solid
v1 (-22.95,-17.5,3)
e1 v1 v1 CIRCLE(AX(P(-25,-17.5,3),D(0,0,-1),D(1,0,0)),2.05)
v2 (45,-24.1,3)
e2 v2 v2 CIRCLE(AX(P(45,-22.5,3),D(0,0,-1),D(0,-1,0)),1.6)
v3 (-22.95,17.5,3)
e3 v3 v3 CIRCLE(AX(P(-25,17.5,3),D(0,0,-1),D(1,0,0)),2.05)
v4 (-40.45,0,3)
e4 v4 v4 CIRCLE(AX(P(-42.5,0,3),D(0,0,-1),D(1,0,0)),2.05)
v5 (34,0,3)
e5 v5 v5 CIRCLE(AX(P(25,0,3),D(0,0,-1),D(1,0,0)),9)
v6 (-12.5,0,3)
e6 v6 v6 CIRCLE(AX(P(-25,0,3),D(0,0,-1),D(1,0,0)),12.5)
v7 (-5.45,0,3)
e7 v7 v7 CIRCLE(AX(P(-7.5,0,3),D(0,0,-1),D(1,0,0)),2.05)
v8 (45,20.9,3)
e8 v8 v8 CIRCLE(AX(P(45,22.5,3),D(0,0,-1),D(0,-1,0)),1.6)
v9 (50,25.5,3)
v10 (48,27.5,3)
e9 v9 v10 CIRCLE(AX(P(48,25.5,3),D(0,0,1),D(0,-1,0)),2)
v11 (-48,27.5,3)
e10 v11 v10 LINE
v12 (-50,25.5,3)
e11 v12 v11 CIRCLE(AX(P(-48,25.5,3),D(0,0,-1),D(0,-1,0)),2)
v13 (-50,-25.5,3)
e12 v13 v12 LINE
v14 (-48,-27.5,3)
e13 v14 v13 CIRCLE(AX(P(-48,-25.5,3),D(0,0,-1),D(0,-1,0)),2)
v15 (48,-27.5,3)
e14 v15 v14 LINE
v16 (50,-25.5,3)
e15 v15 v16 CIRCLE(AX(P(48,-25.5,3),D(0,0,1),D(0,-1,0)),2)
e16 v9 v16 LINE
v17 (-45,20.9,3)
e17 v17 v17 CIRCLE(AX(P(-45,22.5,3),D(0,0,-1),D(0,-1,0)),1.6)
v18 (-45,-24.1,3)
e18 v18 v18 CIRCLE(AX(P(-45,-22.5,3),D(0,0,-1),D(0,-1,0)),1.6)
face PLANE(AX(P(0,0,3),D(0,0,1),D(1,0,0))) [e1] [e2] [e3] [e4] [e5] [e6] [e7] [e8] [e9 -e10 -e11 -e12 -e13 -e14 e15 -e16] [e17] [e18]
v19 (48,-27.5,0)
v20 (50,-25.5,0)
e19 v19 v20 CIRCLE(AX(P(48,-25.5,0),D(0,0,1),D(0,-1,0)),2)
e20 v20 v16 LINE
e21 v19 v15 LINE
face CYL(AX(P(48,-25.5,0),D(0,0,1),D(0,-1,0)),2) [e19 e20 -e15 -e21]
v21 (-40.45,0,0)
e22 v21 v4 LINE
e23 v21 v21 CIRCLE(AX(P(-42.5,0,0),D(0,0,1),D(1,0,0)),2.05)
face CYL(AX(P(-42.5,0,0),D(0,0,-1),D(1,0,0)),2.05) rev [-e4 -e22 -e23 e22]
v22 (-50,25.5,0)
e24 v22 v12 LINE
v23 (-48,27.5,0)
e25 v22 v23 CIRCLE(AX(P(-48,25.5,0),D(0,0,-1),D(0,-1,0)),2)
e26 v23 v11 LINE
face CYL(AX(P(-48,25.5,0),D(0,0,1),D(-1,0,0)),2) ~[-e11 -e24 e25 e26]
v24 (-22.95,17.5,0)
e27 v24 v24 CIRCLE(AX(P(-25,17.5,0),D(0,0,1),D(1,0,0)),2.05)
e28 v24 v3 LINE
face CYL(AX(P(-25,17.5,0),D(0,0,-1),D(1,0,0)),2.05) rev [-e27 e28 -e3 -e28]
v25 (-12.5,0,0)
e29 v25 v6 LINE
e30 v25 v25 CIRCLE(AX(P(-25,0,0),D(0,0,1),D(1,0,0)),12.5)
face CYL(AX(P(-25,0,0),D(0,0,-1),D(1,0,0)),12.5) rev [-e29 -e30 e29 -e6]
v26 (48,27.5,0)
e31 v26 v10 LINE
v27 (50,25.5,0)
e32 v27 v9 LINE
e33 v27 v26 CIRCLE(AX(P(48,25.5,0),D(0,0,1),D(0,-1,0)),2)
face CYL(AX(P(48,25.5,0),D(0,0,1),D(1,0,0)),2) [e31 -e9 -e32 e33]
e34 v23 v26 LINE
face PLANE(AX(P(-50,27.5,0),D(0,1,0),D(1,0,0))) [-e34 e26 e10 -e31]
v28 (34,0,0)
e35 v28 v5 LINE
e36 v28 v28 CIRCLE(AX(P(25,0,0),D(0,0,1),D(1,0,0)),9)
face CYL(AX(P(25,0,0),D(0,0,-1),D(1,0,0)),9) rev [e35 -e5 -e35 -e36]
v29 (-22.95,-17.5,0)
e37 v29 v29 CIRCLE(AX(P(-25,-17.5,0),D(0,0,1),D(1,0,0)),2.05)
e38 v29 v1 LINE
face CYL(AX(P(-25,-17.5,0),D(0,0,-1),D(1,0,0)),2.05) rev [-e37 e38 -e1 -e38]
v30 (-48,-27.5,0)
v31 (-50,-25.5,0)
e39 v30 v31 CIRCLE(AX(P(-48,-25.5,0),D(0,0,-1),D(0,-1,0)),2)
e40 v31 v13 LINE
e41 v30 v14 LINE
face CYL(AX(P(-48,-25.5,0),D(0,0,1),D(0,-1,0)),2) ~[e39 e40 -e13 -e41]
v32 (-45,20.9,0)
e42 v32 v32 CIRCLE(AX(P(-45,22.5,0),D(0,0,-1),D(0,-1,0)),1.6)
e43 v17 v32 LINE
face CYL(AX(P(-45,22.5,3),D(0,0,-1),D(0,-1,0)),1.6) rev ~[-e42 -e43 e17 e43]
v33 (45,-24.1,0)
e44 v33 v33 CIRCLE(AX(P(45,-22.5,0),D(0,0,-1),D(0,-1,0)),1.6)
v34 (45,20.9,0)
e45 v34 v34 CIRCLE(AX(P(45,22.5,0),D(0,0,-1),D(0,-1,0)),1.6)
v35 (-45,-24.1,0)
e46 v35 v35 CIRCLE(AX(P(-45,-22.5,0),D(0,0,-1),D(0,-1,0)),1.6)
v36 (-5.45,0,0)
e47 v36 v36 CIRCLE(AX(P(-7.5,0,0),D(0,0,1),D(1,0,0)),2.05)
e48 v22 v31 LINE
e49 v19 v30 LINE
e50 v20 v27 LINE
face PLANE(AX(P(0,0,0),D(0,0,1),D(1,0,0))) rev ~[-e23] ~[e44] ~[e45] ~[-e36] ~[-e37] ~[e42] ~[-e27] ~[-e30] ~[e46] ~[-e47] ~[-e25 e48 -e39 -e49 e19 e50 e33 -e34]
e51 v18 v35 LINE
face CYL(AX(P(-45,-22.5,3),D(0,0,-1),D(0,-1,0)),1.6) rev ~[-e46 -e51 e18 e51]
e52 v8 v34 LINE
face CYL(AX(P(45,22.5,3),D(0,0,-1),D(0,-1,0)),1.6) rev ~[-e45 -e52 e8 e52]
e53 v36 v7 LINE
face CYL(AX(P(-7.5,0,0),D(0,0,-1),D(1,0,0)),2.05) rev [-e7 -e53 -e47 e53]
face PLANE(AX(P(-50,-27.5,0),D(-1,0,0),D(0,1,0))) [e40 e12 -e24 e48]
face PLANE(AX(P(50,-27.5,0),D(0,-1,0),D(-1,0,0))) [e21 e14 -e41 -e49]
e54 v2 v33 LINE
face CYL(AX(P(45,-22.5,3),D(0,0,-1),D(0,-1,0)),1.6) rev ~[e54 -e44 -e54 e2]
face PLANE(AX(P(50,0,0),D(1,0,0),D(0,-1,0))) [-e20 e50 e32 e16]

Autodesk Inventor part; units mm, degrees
ref_plane "YZ Plane" through (0, 0, 0) normal (1, 0, 0) x (0, 1, 0)
ref_plane "XZ Plane" through (0, 0, 0) normal (0, 1, 0) x (-1, 0, 0)
ref_plane "XY Plane" through (0, 0, 0) normal (0, 0, 1) x (1, 0, 0)
sketch "スケッチ1" plane through (0, 0, 0) normal (0, 0, 1) x (1, 0, 0)
  line L0 (50, -27.5) -> (-50, -27.5)
  line L1 (-50, -27.5) -> (-50, 27.5)
  line L2 (-50, 27.5) -> (50, 27.5)
  line L3 (50, 27.5) -> (50, -27.5)
  line L4 (50, -27.5) -> (-50, 27.5) construction
  line L5 (-50, -27.5) -> (50, 27.5) construction
  circle A0 centre (0, 0) radius 25
  line L6 (-50, 0) -> (50, 0)
  circle A1 centre (25, 0) radius 9
  circle A2 centre (-25, 0) radius 12.5
  circle A3 centre (-25, 0) radius 17.5
  circle A4 centre (-25, 17.5) radius 2.05
  circle A5 centre (-42.5, 0) radius 2.05
  circle A6 centre (-25, -17.5) radius 2.05
  circle A7 centre (-7.5, 0) radius 2.05
  dimension "d5" = 35
  dimension "d0" = 100
  dimension "d1" = 55
  dimension "d2" = 50
  dimension "d3" = 18
  dimension "d4" = 25
  dimension "d6" = 4.1
  dimension "d9" = 360
  dimension "d11" = 25
extrude "押し出し1" add sketch "スケッチ1" along normal blind 3 contours L0 L1 L6 A5 A3 A6 A0 A1 L3 | L6 A1 A0 A3 A4 A5 L1 L2 L3 | A1 L6 A7 A3 A0 | A0 A3 A7 L6 A1 | A3 A4 A0 A2 L6 A5 | A5 L6 A2 A0 A3 A6 | A3 A7 L6 A2 A0 | A0 A2 L6 A7 A3
sketch "スケッチ2" plane through (0, 0, 3) normal (0, 0, 1) x (1, 0, 0)
  line L0 (50, 27.5) -> (-50, 27.5) projected
  line L1 (-50, 27.5) -> (-50, -27.5) projected
  line L2 (-50, -27.5) -> (50, -27.5) projected
  line L3 (50, -27.5) -> (50, 27.5) projected
  circle A0 centre (25, 0) radius 9 projected
  circle A1 centre (-7.5, 0) radius 2.05 projected
  circle A2 centre (-25, 17.5) radius 2.05 projected
  circle A3 centre (-42.5, 0) radius 2.05 projected
  circle A4 centre (-25, -17.5) radius 2.05 projected
  circle A5 centre (-25, 0) radius 12.5 projected
  line L4 (-45, 22.5) -> (45, 22.5)
  line L5 (45, 22.5) -> (45, -22.5)
  line L6 (45, -22.5) -> (-45, -22.5)
  line L7 (-45, -22.5) -> (-45, 22.5)
  point P0 (0, 0)
  dimension "d14" = 5
hole "穴1" at (-45, 22.5, 3) at (-45, -22.5, 3) at (45, -22.5, 3) at (45, 22.5, 3) direction (0, 0, -1) diameter 3.2 end through all
fillet "フィレット1" radius 2 4 edges at (-50, 27.5, 1.5) (50, 27.5, 1.5) (50, -27.5, 1.5) (-50, -27.5, 1.5)
sketch "スケッチ3" plane through (0, 0, 3) normal (0, 0, 1) x (1, 0, 0)
  arc A0 (-50, -25.5) -> (-48, -27.5) centre (-48, -25.5) ccw projected
  line L0 (-48, -27.5) -> (48, -27.5) projected
  arc A1 (48, -27.5) -> (50, -25.5) centre (48, -25.5) ccw projected
  line L1 (50, -25.5) -> (50, 25.5) projected
  arc A2 (50, 25.5) -> (48, 27.5) centre (48, 25.5) ccw projected
  line L2 (48, 27.5) -> (-48, 27.5) projected
  arc A3 (-48, 27.5) -> (-50, 25.5) centre (-48, 25.5) ccw projected
  line L3 (-50, 25.5) -> (-50, -25.5) projected
  circle A4 centre (45, 22.5) radius 1.6 projected
  circle A5 centre (45, -22.5) radius 1.6 projected
  circle A6 centre (-45, -22.5) radius 1.6 projected
  circle A7 centre (-45, 22.5) radius 1.6 projected
  circle A8 centre (25, 0) radius 9 projected
  circle A9 centre (-7.5, 0) radius 2.05 projected
  circle A10 centre (-25, 17.5) radius 2.05 projected
  circle A11 centre (-42.5, 0) radius 2.05 projected
  circle A12 centre (-25, -17.5) radius 2.05 projected
  circle A13 centre (-25, 0) radius 12.5 projected
  point P0 (0, 0)
equation "\"d11\" = -0.5 * d2 + 0.5 * d0"
properties part number "xx_plate_motor"
